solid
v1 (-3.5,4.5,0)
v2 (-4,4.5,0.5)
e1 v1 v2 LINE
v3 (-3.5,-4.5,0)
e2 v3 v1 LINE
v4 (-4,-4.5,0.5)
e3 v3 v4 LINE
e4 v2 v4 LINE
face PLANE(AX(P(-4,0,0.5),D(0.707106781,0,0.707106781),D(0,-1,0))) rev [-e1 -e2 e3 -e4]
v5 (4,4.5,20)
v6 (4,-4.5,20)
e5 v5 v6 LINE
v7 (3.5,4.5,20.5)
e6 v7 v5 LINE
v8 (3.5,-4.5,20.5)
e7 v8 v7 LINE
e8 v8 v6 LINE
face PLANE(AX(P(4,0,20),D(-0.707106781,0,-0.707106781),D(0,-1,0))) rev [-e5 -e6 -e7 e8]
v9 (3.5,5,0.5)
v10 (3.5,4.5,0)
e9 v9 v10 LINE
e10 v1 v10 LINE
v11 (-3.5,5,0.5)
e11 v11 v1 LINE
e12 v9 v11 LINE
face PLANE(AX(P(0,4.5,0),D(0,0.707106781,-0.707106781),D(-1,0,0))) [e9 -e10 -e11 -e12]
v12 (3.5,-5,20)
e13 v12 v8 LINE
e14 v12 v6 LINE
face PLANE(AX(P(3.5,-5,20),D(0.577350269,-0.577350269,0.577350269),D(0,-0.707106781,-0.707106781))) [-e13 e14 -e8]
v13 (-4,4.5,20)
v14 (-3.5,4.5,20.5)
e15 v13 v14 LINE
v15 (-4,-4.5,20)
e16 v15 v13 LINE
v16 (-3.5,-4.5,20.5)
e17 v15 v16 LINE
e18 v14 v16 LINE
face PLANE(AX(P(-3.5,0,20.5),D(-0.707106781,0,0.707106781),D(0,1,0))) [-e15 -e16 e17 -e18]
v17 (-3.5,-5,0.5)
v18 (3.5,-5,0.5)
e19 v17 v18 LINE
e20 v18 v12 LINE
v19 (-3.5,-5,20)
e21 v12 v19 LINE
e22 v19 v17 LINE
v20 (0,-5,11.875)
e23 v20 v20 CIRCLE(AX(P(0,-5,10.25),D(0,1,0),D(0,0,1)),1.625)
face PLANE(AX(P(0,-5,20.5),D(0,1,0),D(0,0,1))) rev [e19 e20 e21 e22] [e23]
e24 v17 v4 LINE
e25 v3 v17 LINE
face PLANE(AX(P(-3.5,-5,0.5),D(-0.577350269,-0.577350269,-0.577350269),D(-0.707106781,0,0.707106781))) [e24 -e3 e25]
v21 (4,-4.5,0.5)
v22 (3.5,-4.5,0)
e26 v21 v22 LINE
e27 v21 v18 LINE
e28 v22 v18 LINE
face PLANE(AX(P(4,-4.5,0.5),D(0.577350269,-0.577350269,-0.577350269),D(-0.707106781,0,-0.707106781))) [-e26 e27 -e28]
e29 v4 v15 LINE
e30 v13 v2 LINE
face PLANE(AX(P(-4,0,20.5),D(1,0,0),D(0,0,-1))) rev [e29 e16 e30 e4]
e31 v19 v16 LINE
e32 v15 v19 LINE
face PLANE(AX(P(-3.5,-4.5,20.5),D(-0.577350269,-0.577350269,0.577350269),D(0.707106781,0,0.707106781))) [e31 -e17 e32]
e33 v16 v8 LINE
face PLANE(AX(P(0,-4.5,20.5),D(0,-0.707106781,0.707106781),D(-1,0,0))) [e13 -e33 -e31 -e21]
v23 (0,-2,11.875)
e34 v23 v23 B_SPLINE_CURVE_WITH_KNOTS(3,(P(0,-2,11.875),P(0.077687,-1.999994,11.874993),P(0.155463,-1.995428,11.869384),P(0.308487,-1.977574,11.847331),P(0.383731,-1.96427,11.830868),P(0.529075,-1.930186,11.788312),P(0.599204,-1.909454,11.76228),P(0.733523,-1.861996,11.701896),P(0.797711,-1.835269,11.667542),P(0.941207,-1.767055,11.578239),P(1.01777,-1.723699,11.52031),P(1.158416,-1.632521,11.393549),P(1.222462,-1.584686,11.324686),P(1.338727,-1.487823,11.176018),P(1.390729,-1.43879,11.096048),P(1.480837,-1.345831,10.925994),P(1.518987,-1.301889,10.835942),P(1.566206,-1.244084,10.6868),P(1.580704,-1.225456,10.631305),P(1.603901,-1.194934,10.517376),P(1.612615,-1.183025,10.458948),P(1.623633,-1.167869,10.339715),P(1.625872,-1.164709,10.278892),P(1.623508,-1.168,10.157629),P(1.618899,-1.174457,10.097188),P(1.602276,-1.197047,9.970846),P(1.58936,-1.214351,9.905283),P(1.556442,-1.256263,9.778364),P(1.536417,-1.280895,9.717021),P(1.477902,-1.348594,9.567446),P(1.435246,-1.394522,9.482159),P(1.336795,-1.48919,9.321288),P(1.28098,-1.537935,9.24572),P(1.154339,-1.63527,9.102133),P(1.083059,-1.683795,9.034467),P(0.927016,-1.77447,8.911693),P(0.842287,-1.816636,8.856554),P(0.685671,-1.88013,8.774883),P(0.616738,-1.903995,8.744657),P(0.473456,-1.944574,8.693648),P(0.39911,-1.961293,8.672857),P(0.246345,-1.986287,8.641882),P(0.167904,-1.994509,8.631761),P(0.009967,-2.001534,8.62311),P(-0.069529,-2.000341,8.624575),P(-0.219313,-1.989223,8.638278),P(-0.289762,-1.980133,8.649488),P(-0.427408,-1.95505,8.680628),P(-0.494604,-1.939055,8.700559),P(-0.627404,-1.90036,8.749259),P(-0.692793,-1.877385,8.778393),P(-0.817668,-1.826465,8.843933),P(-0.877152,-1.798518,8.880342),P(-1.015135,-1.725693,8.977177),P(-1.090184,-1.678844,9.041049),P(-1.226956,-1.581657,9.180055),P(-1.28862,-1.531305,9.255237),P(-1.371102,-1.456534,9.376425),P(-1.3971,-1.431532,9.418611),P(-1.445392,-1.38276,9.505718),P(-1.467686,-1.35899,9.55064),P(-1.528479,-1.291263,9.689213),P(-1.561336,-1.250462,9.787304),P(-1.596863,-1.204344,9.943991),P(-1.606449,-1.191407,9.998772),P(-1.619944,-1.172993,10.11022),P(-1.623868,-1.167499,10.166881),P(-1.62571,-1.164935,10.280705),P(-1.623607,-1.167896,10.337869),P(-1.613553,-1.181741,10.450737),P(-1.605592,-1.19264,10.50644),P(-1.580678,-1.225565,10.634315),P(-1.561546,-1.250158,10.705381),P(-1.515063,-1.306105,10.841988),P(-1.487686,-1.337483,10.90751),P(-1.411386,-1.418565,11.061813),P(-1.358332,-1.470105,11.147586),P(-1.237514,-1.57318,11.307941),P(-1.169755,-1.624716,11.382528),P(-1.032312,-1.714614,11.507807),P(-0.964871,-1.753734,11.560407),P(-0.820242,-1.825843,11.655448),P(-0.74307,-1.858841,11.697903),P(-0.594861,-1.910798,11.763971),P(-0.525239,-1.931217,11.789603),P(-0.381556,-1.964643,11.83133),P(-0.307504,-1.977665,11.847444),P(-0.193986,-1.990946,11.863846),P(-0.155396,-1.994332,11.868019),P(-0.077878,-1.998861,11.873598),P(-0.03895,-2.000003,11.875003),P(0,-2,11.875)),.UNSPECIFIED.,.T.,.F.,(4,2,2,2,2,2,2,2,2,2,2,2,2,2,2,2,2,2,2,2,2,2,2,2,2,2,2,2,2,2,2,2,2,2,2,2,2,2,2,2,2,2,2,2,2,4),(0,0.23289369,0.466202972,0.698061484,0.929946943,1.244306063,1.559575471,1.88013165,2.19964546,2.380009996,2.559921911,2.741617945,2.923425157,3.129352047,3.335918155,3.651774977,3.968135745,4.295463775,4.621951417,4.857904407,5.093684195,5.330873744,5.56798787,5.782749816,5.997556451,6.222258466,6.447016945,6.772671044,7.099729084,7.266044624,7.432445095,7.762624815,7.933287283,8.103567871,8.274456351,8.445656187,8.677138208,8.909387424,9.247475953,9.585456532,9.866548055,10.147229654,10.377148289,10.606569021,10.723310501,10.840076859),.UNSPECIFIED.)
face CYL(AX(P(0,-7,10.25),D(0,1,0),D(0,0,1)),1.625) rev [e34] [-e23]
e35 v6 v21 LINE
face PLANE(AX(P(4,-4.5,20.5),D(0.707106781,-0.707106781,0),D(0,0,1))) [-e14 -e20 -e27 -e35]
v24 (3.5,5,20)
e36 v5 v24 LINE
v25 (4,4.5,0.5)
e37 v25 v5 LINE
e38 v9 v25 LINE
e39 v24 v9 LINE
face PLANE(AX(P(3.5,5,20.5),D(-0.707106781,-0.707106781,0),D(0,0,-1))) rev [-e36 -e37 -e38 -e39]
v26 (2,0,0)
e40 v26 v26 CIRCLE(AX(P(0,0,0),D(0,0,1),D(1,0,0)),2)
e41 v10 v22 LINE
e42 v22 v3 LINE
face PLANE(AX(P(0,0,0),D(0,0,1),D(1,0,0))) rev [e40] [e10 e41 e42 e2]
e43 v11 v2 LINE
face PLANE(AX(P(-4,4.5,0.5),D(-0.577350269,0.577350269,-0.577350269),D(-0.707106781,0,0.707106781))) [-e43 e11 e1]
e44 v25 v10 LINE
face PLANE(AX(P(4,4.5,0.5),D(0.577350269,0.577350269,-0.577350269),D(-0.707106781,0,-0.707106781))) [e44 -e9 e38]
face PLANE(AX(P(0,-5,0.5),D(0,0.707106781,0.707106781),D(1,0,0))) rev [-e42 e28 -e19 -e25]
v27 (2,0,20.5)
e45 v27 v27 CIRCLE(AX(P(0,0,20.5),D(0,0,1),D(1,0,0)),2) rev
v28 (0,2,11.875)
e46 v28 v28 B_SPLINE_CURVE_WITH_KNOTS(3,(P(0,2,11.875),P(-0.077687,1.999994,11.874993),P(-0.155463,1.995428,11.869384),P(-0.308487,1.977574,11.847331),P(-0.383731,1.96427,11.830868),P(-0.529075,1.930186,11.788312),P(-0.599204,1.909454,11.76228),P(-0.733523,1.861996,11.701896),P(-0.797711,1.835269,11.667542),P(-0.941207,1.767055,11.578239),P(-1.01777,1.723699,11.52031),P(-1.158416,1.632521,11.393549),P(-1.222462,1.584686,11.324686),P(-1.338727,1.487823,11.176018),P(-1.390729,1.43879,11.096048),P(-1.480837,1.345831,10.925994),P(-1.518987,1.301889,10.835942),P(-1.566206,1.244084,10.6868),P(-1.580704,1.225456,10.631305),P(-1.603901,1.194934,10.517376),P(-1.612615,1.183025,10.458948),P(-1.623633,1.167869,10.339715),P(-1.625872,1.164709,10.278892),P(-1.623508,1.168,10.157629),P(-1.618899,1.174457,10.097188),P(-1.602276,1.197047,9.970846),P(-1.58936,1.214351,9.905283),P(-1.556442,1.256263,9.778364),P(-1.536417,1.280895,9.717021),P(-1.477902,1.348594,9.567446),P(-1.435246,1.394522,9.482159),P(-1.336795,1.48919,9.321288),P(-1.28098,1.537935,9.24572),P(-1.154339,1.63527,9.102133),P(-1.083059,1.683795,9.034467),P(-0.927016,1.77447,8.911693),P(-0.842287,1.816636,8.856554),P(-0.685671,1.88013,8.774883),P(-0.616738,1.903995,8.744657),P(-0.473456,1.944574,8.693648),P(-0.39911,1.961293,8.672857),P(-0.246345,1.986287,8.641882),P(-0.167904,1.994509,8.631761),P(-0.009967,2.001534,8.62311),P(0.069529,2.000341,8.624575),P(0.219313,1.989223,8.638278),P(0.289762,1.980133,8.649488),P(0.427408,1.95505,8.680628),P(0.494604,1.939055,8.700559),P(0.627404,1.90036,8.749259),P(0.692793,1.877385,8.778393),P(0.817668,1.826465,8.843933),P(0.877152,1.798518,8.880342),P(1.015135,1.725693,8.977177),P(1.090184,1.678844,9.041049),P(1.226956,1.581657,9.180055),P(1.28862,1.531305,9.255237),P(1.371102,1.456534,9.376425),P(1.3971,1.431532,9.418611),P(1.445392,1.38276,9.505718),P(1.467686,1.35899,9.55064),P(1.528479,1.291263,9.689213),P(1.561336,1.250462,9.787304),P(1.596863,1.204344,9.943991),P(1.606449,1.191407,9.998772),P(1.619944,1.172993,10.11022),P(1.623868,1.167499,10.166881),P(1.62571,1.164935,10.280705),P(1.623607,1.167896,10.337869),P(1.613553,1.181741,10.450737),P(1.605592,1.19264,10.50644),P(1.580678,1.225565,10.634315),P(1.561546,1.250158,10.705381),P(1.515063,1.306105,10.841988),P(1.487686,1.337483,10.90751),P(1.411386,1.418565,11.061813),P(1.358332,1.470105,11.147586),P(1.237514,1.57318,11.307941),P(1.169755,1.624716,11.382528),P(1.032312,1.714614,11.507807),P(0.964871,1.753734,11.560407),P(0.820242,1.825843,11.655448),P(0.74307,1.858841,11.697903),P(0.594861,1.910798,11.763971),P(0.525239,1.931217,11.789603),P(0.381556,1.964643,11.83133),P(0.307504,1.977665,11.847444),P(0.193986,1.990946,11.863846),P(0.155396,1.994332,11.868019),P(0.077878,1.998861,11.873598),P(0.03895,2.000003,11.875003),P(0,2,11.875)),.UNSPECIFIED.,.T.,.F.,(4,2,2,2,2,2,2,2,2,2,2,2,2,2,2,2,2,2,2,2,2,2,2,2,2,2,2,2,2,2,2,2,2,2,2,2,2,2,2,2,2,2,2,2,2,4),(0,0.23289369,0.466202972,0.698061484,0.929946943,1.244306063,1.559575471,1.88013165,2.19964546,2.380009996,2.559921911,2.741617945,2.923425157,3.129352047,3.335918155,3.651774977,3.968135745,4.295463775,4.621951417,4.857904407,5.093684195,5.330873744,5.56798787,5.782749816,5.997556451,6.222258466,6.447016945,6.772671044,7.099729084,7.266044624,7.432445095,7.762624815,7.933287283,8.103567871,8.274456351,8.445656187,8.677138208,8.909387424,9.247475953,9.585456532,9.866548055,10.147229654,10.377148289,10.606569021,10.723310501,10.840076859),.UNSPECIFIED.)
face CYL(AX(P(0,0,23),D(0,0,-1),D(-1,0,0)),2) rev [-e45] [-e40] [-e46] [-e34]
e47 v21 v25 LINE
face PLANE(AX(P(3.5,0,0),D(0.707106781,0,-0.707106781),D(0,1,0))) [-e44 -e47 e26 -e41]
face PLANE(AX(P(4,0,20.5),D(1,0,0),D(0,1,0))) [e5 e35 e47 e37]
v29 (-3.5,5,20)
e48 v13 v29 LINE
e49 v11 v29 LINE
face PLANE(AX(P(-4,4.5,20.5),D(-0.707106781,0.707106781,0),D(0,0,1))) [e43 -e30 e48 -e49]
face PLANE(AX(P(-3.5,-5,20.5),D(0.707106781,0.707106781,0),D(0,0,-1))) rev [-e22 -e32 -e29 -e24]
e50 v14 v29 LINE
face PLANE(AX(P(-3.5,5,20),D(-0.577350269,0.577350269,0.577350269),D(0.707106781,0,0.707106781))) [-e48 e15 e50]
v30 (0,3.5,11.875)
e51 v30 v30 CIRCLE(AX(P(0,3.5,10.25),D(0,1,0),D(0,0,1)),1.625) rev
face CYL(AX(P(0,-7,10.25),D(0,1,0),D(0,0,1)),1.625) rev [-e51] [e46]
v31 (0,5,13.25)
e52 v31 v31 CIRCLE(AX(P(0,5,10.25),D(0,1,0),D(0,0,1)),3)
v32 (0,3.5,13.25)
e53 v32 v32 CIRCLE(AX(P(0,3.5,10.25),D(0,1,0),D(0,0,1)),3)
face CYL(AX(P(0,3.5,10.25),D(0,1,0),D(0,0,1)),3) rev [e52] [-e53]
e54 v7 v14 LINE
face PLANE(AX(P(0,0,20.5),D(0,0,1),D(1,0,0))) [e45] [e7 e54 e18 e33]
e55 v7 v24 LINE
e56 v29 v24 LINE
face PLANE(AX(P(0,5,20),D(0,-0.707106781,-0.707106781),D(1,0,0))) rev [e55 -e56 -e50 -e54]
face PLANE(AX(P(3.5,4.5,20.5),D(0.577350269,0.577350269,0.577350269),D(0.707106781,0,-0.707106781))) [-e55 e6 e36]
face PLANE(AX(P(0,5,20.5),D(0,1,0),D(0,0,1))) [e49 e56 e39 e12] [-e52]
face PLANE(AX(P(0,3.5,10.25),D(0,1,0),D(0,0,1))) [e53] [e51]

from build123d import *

# Parameters (mm, degrees)
SKETCH1_W           = 8
SKETCH1_H           = 10
BOSS_EXTRUDE1_DEPTH = 20.5
SKETCH1_3_R         = 2
CUT_EXTRUDE1_DEPTH  = 23
SKETCH2_R           = 1.625
CUT_EXTRUDE3_DEPTH  = 12
CHAMFER1_SIZE       = 0.5
SKETCH3_R           = 3
CUT_EXTRUDE4_DEPTH  = 1.5


with BuildPart() as part:
    # Sketch1 → Boss-Extrude1 (new body)
    with BuildSketch(Plane.XY):
        Rectangle(SKETCH1_W, SKETCH1_H)
    extrude(amount=BOSS_EXTRUDE1_DEPTH)

    # Sketch1<3> → Cut-Extrude1 (cut)
    with BuildSketch(Plane.XY):
        Circle(SKETCH1_3_R)
    extrude(amount=CUT_EXTRUDE1_DEPTH, mode=Mode.SUBTRACT)

    # Sketch2 → Cut-Extrude3 (cut)
    with BuildSketch(Plane(origin=(0, 5, 0), x_dir=(1, 0, 0), z_dir=(0, 1, 0))):
        with Locations((0, -10.25)):
            Circle(SKETCH2_R)
    extrude(amount=-CUT_EXTRUDE3_DEPTH, mode=Mode.SUBTRACT)

    # Chamfer1
    chamfer1_edges = [part.edges().sort_by_distance(p)[0] for p in [
        (-4, 5, 10.25),
        (-4, 0, 20.5),
        (-4, -5, 10.25),
        (-4, 0, 0),
        (4, -5, 10.25),
        (0, -5, 20.5),
        (4, 0, 20.5),
        (0, -5, 0),
        (4, 0, 0),
        (0, 5, 0),
        (4, 5, 10.25),
        (0, 5, 20.5),
    ]]
    chamfer(chamfer1_edges, length=CHAMFER1_SIZE)

    # Sketch3 → Cut-Extrude4 (cut)
    with BuildSketch(Plane(origin=(0, 5, 0), x_dir=(1, 0, 0), z_dir=(0, 1, 0))):
        with Locations((0, -10.25)):
            Circle(SKETCH3_R)
    extrude(amount=-CUT_EXTRUDE4_DEPTH, mode=Mode.SUBTRACT)


solid = part.part
